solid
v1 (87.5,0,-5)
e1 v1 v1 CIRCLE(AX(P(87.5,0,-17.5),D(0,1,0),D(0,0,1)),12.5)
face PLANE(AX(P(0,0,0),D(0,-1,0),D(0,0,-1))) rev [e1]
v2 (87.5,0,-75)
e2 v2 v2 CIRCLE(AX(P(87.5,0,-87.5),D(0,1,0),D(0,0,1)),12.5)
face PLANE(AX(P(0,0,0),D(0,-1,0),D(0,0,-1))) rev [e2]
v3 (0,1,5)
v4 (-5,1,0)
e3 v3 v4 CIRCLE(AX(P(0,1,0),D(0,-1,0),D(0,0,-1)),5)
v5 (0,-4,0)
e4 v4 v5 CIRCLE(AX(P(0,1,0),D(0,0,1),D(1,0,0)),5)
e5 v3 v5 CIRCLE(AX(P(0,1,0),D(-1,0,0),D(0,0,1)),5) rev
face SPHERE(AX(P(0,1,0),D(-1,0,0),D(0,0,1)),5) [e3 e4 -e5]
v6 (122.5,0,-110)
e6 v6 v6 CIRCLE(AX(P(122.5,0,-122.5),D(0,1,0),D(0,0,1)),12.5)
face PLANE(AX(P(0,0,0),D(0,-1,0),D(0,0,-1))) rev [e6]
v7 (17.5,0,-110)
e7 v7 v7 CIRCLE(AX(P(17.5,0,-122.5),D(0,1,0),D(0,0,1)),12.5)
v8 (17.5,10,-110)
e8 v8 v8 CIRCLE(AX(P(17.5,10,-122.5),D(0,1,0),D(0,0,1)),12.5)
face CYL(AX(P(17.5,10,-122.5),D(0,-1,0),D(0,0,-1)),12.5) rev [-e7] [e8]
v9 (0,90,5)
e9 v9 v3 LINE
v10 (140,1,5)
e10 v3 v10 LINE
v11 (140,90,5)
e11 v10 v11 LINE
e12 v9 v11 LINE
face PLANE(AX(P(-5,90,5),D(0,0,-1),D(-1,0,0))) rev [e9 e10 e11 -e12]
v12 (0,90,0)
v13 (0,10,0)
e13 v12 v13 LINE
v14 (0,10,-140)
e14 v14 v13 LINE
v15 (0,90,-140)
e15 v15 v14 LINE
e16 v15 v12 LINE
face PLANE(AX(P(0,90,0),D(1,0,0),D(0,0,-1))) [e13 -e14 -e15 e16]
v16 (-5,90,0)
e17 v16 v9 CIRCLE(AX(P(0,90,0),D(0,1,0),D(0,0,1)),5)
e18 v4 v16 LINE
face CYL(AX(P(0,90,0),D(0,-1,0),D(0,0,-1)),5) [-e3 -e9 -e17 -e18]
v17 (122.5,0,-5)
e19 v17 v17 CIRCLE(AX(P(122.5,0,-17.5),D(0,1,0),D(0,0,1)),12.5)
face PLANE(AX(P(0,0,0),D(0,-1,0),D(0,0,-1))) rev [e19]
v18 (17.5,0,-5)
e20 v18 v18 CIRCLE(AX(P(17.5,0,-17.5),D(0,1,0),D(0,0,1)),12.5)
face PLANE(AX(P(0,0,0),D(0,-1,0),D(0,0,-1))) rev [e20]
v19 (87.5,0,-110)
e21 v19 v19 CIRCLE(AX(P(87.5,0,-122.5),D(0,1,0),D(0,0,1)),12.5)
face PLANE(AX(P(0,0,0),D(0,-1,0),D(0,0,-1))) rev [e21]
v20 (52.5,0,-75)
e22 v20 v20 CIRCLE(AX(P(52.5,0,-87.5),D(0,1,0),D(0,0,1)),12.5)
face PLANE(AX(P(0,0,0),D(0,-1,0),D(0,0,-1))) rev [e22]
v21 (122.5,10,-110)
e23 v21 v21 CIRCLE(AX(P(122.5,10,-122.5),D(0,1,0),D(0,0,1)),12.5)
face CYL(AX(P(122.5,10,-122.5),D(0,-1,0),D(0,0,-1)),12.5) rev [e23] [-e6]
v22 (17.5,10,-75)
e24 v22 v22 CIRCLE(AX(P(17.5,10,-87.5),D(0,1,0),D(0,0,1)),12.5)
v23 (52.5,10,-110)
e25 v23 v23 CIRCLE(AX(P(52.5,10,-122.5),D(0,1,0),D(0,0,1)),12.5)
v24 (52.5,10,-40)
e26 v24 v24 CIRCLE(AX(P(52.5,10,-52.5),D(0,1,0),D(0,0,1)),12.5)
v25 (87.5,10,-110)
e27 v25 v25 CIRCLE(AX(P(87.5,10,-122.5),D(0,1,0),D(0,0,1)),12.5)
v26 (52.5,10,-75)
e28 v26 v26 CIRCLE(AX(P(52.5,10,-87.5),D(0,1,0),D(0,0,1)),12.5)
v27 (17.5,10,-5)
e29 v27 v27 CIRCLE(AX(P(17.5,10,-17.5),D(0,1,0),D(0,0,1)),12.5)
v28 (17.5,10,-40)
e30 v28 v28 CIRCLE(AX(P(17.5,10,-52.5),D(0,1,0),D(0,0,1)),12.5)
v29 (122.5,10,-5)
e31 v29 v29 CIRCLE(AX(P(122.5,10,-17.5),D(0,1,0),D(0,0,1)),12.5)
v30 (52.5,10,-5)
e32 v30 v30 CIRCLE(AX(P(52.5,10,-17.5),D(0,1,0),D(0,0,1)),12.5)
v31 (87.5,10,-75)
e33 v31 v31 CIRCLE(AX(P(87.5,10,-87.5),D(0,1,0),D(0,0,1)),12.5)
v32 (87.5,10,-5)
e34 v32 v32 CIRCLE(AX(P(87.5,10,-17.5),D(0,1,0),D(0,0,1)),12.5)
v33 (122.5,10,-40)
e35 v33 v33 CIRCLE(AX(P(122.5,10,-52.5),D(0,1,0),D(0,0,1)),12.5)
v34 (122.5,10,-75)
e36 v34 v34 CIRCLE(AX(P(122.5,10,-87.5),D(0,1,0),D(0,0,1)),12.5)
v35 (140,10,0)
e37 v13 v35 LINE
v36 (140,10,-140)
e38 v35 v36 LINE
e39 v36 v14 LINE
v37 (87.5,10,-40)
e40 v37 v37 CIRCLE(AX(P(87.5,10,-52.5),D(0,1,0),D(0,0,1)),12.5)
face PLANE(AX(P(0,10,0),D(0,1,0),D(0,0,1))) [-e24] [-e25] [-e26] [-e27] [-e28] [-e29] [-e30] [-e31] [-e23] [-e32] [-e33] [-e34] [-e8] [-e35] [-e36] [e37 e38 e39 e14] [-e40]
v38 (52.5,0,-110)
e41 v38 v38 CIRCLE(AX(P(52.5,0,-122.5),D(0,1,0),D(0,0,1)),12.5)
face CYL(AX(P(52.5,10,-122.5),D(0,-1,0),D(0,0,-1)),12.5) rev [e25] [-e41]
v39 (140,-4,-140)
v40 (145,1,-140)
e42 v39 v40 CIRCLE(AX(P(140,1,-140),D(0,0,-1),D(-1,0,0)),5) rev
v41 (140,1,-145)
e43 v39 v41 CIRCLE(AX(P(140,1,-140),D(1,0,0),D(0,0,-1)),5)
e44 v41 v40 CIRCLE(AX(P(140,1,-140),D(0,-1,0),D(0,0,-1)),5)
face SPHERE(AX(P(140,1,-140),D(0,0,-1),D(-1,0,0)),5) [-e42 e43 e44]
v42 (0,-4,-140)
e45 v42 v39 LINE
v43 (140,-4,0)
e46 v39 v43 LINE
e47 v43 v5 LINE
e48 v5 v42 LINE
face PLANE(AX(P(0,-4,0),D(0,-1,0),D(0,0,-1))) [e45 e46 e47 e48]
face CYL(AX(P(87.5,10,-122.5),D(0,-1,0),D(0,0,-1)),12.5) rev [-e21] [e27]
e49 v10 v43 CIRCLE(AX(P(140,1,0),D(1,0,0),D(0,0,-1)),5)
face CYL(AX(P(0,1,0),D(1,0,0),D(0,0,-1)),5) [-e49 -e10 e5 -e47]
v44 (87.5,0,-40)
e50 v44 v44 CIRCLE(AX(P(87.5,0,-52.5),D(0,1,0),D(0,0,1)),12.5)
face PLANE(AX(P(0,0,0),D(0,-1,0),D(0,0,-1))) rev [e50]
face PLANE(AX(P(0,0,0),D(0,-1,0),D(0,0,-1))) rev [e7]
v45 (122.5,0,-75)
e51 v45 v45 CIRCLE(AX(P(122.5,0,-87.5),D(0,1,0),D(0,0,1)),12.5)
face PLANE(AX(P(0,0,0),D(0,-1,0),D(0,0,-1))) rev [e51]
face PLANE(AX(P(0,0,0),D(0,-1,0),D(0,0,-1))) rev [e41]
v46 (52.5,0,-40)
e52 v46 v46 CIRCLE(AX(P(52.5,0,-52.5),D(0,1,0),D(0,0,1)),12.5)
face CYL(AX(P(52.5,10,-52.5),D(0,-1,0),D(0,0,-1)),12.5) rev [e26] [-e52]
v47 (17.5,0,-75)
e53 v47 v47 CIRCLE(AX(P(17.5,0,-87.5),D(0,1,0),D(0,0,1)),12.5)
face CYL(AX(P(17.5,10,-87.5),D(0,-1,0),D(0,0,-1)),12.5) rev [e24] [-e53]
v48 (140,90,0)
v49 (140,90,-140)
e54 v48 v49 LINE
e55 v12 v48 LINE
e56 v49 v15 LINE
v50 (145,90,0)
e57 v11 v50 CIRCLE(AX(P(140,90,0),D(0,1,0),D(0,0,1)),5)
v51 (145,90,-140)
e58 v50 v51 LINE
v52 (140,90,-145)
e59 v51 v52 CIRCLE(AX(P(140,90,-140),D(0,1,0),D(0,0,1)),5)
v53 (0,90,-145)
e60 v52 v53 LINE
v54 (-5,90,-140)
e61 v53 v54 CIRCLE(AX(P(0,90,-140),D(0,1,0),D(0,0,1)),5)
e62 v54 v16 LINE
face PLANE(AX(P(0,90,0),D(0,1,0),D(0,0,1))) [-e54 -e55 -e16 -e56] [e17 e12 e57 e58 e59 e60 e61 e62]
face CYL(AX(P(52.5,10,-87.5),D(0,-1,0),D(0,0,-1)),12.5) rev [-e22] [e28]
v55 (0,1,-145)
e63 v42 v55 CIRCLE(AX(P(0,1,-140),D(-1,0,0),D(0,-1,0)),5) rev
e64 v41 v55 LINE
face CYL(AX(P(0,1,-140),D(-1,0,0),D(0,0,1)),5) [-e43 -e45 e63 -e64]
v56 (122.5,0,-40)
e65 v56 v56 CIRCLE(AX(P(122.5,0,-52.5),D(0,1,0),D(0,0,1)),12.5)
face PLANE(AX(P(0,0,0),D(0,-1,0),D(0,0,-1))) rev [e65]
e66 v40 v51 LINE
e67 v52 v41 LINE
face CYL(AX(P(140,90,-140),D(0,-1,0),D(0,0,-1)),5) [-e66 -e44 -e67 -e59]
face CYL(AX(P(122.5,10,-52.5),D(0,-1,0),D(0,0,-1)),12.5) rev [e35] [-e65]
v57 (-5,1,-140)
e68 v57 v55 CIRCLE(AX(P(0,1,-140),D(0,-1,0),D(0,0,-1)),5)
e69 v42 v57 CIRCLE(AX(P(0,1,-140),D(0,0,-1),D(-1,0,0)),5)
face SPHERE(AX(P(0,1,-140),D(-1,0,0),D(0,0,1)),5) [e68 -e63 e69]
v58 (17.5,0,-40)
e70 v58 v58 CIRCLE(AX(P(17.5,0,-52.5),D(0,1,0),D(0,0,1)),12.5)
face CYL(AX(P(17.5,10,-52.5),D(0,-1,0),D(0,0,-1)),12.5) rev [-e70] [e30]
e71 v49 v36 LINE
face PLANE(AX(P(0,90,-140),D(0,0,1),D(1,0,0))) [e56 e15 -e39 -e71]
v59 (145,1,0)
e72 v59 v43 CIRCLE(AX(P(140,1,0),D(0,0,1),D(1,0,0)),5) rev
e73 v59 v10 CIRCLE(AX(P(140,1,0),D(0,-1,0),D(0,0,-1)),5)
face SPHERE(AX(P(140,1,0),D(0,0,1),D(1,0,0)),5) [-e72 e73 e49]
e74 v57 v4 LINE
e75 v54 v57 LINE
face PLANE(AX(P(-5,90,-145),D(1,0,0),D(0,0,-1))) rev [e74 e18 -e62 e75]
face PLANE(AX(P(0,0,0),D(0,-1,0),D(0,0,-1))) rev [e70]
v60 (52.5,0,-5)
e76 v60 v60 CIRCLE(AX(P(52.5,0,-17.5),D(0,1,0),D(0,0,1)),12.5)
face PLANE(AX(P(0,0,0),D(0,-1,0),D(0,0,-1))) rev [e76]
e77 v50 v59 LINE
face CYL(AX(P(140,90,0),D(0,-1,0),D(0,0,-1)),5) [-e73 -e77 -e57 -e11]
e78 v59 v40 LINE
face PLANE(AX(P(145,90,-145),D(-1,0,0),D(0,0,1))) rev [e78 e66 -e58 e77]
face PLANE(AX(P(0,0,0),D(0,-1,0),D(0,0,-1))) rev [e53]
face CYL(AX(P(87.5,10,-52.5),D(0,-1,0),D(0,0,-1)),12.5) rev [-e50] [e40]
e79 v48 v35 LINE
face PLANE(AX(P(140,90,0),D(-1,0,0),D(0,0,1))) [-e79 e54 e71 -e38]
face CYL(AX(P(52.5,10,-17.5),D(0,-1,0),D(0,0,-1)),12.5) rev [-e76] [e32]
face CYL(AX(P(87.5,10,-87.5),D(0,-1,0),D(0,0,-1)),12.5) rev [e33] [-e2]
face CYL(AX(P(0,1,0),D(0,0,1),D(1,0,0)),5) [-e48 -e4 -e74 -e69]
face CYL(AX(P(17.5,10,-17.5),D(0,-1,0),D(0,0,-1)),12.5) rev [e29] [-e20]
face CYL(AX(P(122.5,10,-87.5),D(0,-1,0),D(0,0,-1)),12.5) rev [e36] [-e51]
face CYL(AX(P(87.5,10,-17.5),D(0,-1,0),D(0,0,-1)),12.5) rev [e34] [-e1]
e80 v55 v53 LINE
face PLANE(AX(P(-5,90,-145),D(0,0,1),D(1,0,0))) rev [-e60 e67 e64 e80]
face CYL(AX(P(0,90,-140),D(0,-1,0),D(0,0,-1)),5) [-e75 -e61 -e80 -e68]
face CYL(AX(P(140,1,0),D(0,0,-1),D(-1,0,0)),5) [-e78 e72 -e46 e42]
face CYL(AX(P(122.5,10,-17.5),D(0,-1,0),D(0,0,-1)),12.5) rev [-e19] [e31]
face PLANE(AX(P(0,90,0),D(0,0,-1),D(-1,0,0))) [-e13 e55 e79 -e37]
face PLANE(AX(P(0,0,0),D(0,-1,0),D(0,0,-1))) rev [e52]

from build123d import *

# Parameters (mm, degrees)
SKETCH1_W           = 150
SKETCH1_H           = 150
SKETCH1_W_2         = 140
SKETCH1_H_2         = 140
BOSS_EXTRUDE1_DEPTH = 90
SKETCH2_W           = 150
SKETCH2_H           = 150
BOSS_EXTRUDE2_DEPTH = 4
SKETCH3_W           = 140
SKETCH3_H           = 140
SKETCH3_R           = 12.5
BOSS_EXTRUDE3_DEPTH = 10
FILLET1_R           = 5


with BuildPart() as part:
    # Sketch1 → Boss-Extrude1 (new body)
    with BuildSketch(Plane(origin=(0, 0, 0), x_dir=(1, 0, 0), z_dir=(0, 1, 0))):
        with Locations((70, 70)):
            Rectangle(SKETCH1_W, SKETCH1_H)
        with Locations((70, 70)):
            Rectangle(SKETCH1_W_2, SKETCH1_H_2, mode=Mode.SUBTRACT)
    extrude(amount=BOSS_EXTRUDE1_DEPTH)

    # Sketch2 → Boss-Extrude2 (add)
    with BuildSketch(Plane.XZ):
        with Locations((70, -70)):
            Rectangle(SKETCH2_W, SKETCH2_H)
    extrude(amount=BOSS_EXTRUDE2_DEPTH)

    # Sketch3 → Boss-Extrude3 (add)
    with BuildSketch(Plane(origin=(0, 0, 0), x_dir=(1, 0, 0), z_dir=(0, 1, 0))):
        with Locations((70, 70)):
            Rectangle(SKETCH3_W, SKETCH3_H)
        with Locations(Location((17.5, 17.5, 0), (0, 0, 270))):
            Circle(SKETCH3_R, mode=Mode.SUBTRACT)
        with Locations(Location((17.5, 52.5, 0), (0, 0, 270))):
            Circle(SKETCH3_R, mode=Mode.SUBTRACT)
        with Locations(Location((17.5, 87.5, 0), (0, 0, 270))):
            Circle(SKETCH3_R, mode=Mode.SUBTRACT)
        with Locations(Location((122.5, 17.5, 0), (0, 0, 270))):
            Circle(SKETCH3_R, mode=Mode.SUBTRACT)
        with Locations(Location((87.5, 17.5, 0), (0, 0, 270))):
            Circle(SKETCH3_R, mode=Mode.SUBTRACT)
        with Locations(Location((52.5, 17.5, 0), (0, 0, 270))):
            Circle(SKETCH3_R, mode=Mode.SUBTRACT)
        with Locations(Location((122.5, 52.5, 0), (0, 0, 270))):
            Circle(SKETCH3_R, mode=Mode.SUBTRACT)
        with Locations(Location((87.5, 52.5, 0), (0, 0, 270))):
            Circle(SKETCH3_R, mode=Mode.SUBTRACT)
        with Locations(Location((52.5, 52.5, 0), (0, 0, 270))):
            Circle(SKETCH3_R, mode=Mode.SUBTRACT)
        with Locations(Location((122.5, 87.5, 0), (0, 0, 270))):
            Circle(SKETCH3_R, mode=Mode.SUBTRACT)
        with Locations(Location((87.5, 87.5, 0), (0, 0, 270))):
            Circle(SKETCH3_R, mode=Mode.SUBTRACT)
        with Locations(Location((52.5, 87.5, 0), (0, 0, 270))):
            Circle(SKETCH3_R, mode=Mode.SUBTRACT)
        with Locations(Location((122.5, 122.5, 0), (0, 0, 270))):
            Circle(SKETCH3_R, mode=Mode.SUBTRACT)
        with Locations(Location((87.5, 122.5, 0), (0, 0, 270))):
            Circle(SKETCH3_R, mode=Mode.SUBTRACT)
        with Locations(Location((52.5, 122.5, 0), (0, 0, 270))):
            Circle(SKETCH3_R, mode=Mode.SUBTRACT)
        with Locations(Location((17.5, 122.5, 0), (0, 0, 270))):
            Circle(SKETCH3_R, mode=Mode.SUBTRACT)
    extrude(amount=BOSS_EXTRUDE3_DEPTH)

    # Fillet1
    fillet1_edges = [part.edges().sort_by_distance(p)[0] for p in [
        (145, -4, -70),
        (70, -4, 5),
        (-5, -4, -70),
        (70, -4, -145),
        (-5, 43, -145),
        (145, 43, -145),
        (145, 43, 5),
        (-5, 43, 5),
    ]]
    fillet(fillet1_edges, radius=FILLET1_R)


solid = part.part
